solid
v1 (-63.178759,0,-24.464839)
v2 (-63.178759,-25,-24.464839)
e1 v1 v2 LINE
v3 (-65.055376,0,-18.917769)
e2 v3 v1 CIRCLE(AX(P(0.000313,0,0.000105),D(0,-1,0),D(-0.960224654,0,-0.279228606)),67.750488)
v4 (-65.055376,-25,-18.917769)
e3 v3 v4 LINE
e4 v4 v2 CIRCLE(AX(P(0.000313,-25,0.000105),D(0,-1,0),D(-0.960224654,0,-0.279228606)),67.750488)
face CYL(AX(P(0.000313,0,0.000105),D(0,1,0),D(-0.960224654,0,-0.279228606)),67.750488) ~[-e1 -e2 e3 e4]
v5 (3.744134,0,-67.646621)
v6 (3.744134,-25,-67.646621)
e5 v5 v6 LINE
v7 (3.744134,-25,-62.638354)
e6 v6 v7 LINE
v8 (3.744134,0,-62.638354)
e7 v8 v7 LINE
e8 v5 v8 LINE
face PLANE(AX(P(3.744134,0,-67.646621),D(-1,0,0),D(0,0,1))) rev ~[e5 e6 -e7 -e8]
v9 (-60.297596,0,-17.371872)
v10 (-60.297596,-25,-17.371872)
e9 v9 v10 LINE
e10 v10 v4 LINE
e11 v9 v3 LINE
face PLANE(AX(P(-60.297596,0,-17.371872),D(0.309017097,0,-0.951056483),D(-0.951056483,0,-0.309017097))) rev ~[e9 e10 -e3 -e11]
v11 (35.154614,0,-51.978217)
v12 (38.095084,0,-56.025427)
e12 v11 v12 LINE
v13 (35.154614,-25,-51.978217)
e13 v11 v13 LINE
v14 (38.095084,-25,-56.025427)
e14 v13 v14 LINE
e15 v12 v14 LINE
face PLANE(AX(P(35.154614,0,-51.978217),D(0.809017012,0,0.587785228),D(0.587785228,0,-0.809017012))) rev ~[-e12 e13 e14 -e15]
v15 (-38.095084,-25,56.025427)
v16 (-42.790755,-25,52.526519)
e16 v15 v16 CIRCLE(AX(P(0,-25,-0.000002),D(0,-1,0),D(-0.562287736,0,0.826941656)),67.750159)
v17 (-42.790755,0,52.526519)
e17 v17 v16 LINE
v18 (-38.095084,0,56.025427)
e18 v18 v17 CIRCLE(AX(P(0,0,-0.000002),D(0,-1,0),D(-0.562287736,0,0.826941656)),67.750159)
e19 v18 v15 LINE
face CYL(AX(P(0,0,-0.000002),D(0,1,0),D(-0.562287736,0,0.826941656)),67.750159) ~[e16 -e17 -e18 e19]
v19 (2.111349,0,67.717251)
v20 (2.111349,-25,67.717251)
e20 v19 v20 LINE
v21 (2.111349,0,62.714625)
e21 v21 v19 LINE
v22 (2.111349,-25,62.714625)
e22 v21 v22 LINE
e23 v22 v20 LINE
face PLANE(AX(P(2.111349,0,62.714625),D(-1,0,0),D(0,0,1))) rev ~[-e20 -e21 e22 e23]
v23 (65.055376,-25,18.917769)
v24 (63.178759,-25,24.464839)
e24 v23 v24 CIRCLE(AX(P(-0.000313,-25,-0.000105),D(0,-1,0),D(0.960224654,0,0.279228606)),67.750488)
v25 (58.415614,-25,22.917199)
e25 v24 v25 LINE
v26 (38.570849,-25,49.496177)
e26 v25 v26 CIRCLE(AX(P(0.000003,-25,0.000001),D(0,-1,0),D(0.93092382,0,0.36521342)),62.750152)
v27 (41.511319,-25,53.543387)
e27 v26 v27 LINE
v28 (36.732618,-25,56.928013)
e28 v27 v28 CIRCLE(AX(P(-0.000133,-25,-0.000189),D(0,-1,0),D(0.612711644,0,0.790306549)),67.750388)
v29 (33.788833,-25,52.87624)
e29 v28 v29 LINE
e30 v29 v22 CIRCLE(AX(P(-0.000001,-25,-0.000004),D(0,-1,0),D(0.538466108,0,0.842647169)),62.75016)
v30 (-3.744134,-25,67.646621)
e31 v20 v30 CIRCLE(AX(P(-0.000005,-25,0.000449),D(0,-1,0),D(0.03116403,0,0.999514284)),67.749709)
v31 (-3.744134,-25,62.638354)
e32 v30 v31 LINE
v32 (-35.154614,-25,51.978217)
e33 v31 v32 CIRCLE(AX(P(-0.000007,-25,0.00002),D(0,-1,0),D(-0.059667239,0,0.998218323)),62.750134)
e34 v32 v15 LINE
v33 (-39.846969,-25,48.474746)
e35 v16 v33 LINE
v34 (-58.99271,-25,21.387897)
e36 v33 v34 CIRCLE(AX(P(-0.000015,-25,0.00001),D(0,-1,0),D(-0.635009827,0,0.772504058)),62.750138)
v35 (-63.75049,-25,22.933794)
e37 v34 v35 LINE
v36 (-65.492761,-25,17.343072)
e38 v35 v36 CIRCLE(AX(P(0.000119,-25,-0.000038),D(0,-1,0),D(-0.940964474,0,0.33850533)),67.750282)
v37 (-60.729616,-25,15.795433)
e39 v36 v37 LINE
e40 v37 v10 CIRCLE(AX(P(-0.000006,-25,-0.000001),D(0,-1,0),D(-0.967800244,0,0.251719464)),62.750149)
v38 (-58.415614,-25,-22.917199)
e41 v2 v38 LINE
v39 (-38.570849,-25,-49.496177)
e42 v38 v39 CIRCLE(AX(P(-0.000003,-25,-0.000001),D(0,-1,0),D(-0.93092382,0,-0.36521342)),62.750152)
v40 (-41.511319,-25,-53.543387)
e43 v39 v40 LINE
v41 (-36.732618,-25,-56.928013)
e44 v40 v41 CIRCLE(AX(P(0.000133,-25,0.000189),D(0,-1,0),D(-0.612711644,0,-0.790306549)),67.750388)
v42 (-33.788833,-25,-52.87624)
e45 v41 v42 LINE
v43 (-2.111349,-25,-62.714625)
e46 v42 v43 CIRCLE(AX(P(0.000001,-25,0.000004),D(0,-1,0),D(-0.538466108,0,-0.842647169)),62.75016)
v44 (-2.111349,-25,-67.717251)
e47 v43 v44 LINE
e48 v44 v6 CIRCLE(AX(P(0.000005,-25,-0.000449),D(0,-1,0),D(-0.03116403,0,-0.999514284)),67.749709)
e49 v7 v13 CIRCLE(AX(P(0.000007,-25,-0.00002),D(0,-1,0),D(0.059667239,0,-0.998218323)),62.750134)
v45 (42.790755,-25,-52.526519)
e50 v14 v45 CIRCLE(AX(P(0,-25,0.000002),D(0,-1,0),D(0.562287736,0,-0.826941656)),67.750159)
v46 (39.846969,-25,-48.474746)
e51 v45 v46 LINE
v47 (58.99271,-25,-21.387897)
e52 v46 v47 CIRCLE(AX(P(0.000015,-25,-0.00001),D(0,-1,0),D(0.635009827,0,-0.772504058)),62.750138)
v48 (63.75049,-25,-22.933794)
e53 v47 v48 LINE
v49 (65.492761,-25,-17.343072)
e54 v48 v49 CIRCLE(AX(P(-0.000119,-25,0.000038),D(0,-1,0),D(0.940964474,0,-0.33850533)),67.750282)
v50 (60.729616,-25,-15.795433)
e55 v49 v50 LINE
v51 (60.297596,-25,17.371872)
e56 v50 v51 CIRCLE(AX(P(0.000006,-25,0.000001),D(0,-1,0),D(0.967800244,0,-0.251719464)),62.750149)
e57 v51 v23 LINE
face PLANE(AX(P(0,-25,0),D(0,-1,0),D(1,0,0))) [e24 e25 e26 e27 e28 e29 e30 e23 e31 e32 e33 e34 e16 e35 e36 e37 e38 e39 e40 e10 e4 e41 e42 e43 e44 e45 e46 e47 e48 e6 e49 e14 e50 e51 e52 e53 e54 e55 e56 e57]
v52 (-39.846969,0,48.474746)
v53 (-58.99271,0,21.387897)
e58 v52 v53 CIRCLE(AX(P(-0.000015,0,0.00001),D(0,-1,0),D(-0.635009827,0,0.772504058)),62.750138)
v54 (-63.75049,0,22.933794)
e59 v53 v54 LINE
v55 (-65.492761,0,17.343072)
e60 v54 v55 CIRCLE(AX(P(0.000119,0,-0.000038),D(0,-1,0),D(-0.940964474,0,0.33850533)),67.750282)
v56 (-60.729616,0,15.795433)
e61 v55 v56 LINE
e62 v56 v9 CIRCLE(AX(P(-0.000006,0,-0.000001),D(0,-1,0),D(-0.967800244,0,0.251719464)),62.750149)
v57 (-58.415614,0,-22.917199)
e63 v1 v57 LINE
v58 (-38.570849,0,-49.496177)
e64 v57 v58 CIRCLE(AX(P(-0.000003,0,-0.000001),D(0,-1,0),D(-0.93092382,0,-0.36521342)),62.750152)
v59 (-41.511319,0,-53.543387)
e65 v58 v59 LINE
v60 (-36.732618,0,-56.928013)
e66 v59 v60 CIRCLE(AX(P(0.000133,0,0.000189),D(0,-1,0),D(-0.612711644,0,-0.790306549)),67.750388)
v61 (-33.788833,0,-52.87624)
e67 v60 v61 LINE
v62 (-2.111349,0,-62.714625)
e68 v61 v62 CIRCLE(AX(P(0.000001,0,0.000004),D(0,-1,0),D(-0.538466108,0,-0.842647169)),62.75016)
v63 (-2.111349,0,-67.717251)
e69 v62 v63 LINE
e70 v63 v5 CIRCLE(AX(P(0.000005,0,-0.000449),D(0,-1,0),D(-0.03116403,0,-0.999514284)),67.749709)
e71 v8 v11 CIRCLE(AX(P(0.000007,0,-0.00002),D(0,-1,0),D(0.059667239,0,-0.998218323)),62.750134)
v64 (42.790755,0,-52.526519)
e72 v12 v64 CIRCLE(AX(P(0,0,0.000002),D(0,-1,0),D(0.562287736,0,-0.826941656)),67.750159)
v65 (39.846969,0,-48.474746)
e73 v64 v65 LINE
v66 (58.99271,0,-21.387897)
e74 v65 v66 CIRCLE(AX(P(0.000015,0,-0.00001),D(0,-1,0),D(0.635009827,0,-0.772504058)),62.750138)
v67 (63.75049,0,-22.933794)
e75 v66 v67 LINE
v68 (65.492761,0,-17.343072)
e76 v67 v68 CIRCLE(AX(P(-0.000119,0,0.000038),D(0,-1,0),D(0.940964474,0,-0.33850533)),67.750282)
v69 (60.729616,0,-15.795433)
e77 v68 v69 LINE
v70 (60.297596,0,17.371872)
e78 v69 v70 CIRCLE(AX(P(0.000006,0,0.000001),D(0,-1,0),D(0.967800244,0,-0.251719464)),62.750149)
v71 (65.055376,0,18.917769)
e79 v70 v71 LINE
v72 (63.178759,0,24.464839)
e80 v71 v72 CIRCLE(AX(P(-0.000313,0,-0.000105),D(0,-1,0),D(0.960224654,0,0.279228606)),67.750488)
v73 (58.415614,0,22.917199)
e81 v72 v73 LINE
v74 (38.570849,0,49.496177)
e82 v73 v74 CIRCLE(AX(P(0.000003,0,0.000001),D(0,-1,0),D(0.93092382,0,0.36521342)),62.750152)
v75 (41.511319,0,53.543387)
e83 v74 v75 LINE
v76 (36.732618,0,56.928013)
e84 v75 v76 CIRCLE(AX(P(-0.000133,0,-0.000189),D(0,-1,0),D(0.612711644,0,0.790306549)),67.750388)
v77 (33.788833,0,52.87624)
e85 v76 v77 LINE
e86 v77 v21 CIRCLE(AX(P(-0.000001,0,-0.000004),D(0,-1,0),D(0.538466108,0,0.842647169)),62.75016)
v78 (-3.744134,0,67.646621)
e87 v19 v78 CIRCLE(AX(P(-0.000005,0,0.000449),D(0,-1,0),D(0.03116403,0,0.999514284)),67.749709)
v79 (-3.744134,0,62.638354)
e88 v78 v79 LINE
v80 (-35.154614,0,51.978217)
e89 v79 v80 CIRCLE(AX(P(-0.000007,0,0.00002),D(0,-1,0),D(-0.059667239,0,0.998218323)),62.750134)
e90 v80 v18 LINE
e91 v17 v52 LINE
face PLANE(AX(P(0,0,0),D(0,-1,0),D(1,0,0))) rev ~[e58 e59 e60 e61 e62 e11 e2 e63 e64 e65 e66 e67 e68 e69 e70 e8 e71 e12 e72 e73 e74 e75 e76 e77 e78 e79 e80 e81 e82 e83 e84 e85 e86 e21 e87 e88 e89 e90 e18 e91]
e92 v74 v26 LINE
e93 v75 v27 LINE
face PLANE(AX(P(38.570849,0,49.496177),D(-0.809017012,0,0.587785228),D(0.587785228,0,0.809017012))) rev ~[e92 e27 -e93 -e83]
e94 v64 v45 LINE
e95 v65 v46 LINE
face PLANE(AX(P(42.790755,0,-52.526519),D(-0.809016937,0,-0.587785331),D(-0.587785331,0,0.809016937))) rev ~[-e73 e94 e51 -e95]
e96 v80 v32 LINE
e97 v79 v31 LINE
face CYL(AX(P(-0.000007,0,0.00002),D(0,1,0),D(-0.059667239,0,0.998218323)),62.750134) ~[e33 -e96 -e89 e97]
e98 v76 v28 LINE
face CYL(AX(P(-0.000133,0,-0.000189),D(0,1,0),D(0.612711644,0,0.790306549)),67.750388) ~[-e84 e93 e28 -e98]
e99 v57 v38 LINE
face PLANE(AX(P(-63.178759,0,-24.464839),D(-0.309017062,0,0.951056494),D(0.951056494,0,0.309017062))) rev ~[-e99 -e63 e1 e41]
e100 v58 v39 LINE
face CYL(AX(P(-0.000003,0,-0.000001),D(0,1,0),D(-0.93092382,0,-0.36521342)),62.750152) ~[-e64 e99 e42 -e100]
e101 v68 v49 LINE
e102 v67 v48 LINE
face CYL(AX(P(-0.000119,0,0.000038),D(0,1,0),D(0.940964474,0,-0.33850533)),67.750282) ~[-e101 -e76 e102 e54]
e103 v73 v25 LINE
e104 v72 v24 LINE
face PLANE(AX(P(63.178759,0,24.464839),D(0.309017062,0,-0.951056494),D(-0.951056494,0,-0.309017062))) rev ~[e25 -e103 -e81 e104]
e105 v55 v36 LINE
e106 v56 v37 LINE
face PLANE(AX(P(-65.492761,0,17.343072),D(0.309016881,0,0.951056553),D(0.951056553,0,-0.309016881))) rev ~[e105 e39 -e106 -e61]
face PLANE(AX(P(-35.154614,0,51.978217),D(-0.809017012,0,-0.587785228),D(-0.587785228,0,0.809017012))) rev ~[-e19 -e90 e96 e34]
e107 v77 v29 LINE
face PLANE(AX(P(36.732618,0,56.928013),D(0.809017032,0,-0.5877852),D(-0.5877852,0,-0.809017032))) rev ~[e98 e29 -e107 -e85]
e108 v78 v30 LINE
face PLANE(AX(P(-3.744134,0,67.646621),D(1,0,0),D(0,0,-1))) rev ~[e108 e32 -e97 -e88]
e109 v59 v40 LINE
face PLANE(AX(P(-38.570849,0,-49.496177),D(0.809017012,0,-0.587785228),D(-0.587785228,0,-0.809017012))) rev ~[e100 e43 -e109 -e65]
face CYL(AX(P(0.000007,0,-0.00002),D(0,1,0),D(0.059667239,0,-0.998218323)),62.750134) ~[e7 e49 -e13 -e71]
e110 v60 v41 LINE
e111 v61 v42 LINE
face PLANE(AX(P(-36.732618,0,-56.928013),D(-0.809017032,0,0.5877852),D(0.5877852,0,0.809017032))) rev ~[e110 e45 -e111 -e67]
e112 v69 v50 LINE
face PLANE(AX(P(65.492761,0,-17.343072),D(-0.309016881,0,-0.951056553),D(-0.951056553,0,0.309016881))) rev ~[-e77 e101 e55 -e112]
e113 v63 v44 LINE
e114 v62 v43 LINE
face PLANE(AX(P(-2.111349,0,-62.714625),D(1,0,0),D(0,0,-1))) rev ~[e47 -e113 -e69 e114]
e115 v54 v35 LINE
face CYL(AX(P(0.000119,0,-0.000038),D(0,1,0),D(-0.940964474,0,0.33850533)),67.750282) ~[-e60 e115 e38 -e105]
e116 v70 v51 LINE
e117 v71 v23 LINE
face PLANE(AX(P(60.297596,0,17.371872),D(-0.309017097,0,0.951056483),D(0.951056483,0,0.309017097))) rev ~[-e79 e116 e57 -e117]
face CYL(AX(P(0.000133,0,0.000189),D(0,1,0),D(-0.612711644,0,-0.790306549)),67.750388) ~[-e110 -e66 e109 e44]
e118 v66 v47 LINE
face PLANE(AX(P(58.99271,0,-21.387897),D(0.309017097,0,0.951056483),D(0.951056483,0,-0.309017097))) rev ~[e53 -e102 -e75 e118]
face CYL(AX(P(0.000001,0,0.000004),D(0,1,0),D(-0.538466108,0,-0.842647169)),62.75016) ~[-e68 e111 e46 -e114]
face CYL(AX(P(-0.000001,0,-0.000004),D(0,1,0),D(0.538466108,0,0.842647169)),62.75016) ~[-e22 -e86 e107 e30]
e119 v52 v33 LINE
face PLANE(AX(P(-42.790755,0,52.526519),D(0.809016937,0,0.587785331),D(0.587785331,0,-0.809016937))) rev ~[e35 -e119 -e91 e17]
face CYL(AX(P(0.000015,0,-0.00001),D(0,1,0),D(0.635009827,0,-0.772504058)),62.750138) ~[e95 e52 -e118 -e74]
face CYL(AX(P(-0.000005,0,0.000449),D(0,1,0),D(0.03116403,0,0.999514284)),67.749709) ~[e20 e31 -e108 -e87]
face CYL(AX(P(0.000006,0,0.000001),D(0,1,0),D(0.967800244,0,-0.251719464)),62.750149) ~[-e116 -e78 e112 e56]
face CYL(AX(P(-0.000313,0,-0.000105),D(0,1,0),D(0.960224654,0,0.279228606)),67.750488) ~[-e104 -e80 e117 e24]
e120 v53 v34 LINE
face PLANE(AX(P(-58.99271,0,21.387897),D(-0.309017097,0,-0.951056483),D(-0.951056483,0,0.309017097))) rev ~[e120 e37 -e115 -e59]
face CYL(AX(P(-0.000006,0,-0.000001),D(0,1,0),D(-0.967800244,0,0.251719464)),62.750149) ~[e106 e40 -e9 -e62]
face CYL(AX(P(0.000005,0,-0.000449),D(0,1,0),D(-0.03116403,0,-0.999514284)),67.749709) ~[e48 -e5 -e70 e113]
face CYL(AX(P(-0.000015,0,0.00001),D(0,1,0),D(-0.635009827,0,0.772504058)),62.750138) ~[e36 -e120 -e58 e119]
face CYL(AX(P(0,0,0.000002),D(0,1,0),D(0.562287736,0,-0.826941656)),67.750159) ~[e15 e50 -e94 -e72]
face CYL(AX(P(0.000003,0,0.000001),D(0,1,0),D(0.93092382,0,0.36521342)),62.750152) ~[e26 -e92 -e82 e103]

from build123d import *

# Parameters (mm, degrees)
F1_DEPTH = 25


with BuildPart() as f1:
    # F0 (on Front) → F1 (new body)
    with BuildSketch(Plane.XZ):
        with BuildLine():
            Line((65.492761, -17.343072), (60.729616, -15.795433))
            ThreePointArc((60.729616, -15.795433), (62.744833, 0.817283), (60.297596, 17.371872))
            Line((60.297596, 17.371872), (65.055376, 18.917769))
            ThreePointArc((65.055376, 18.917769), (64.177027, 21.711589), (63.178759, 24.464839))
            Line((63.178759, 24.464839), (58.415614, 22.917199))
            ThreePointArc((58.415614, 22.917199), (50.281249, 37.541683), (38.570849, 49.496177))
            Line((38.570849, 49.496177), (41.511319, 53.543387))
            ThreePointArc((41.511319, 53.543387), (39.158554, 55.287354), (36.732618, 56.928013))
            Line((36.732618, 56.928013), (33.788833, 52.87624))
            ThreePointArc((33.788833, 52.87624), (18.611938, 59.926436), (2.111349, 62.714625))
            Line((2.111349, 62.714625), (2.111349, 65.215938))
            Line((2.111349, 65.215938), (2.111349, 67.717251))
            ThreePointArc((2.111349, 67.717251), (-0.817156, 67.74523), (-3.744134, 67.646621))
            Line((-3.744134, 67.646621), (-3.744134, 62.638354))
            ThreePointArc((-3.744134, 62.638354), (-20.166502, 59.421328), (-35.154614, 51.978217))
            Line((-35.154614, 51.978217), (-38.095084, 56.025427))
            ThreePointArc((-38.095084, 56.025427), (-40.48074, 54.32673), (-42.790755, 52.526519))
            Line((-42.790755, 52.526519), (-39.846969, 48.474746))
            ThreePointArc((-39.846969, 48.474746), (-51.242023, 36.219292), (-58.99271, 21.387897))
            Line((-58.99271, 21.387897), (-63.75049, 22.933794))
            ThreePointArc((-63.75049, 22.933794), (-64.682057, 20.157266), (-65.492761, 17.343072))
            Line((-65.492761, 17.343072), (-60.729616, 15.795433))
            ThreePointArc((-60.729616, 15.795433), (-62.744833, -0.817283), (-60.297596, -17.371872))
            Line((-60.297596, -17.371872), (-65.055376, -18.917769))
            ThreePointArc((-65.055376, -18.917769), (-64.177027, -21.711589), (-63.178759, -24.464839))
            Line((-63.178759, -24.464839), (-58.415614, -22.917199))
            ThreePointArc((-58.415614, -22.917199), (-50.281249, -37.541683), (-38.570849, -49.496177))
            Line((-38.570849, -49.496177), (-41.511319, -53.543387))
            ThreePointArc((-41.511319, -53.543387), (-39.158554, -55.287354), (-36.732618, -56.928013))
            Line((-36.732618, -56.928013), (-33.788833, -52.87624))
            ThreePointArc((-33.788833, -52.87624), (-18.611938, -59.926436), (-2.111349, -62.714625))
            Line((-2.111349, -62.714625), (-2.111349, -67.717251))
            ThreePointArc((-2.111349, -67.717251), (0.817156, -67.74523), (3.744134, -67.646621))
            Line((3.744134, -67.646621), (3.744134, -62.638354))
            ThreePointArc((3.744134, -62.638354), (20.166502, -59.421328), (35.154614, -51.978217))
            Line((35.154614, -51.978217), (38.095084, -56.025427))
            ThreePointArc((38.095084, -56.025427), (40.48074, -54.32673), (42.790755, -52.526519))
            Line((42.790755, -52.526519), (39.846969, -48.474746))
            ThreePointArc((39.846969, -48.474746), (51.242023, -36.219292), (58.99271, -21.387897))
            Line((58.99271, -21.387897), (63.75049, -22.933794))
            ThreePointArc((63.75049, -22.933794), (64.682057, -20.157266), (65.492761, -17.343072))
        make_face()
    extrude(amount=F1_DEPTH)


solid = f1.part
